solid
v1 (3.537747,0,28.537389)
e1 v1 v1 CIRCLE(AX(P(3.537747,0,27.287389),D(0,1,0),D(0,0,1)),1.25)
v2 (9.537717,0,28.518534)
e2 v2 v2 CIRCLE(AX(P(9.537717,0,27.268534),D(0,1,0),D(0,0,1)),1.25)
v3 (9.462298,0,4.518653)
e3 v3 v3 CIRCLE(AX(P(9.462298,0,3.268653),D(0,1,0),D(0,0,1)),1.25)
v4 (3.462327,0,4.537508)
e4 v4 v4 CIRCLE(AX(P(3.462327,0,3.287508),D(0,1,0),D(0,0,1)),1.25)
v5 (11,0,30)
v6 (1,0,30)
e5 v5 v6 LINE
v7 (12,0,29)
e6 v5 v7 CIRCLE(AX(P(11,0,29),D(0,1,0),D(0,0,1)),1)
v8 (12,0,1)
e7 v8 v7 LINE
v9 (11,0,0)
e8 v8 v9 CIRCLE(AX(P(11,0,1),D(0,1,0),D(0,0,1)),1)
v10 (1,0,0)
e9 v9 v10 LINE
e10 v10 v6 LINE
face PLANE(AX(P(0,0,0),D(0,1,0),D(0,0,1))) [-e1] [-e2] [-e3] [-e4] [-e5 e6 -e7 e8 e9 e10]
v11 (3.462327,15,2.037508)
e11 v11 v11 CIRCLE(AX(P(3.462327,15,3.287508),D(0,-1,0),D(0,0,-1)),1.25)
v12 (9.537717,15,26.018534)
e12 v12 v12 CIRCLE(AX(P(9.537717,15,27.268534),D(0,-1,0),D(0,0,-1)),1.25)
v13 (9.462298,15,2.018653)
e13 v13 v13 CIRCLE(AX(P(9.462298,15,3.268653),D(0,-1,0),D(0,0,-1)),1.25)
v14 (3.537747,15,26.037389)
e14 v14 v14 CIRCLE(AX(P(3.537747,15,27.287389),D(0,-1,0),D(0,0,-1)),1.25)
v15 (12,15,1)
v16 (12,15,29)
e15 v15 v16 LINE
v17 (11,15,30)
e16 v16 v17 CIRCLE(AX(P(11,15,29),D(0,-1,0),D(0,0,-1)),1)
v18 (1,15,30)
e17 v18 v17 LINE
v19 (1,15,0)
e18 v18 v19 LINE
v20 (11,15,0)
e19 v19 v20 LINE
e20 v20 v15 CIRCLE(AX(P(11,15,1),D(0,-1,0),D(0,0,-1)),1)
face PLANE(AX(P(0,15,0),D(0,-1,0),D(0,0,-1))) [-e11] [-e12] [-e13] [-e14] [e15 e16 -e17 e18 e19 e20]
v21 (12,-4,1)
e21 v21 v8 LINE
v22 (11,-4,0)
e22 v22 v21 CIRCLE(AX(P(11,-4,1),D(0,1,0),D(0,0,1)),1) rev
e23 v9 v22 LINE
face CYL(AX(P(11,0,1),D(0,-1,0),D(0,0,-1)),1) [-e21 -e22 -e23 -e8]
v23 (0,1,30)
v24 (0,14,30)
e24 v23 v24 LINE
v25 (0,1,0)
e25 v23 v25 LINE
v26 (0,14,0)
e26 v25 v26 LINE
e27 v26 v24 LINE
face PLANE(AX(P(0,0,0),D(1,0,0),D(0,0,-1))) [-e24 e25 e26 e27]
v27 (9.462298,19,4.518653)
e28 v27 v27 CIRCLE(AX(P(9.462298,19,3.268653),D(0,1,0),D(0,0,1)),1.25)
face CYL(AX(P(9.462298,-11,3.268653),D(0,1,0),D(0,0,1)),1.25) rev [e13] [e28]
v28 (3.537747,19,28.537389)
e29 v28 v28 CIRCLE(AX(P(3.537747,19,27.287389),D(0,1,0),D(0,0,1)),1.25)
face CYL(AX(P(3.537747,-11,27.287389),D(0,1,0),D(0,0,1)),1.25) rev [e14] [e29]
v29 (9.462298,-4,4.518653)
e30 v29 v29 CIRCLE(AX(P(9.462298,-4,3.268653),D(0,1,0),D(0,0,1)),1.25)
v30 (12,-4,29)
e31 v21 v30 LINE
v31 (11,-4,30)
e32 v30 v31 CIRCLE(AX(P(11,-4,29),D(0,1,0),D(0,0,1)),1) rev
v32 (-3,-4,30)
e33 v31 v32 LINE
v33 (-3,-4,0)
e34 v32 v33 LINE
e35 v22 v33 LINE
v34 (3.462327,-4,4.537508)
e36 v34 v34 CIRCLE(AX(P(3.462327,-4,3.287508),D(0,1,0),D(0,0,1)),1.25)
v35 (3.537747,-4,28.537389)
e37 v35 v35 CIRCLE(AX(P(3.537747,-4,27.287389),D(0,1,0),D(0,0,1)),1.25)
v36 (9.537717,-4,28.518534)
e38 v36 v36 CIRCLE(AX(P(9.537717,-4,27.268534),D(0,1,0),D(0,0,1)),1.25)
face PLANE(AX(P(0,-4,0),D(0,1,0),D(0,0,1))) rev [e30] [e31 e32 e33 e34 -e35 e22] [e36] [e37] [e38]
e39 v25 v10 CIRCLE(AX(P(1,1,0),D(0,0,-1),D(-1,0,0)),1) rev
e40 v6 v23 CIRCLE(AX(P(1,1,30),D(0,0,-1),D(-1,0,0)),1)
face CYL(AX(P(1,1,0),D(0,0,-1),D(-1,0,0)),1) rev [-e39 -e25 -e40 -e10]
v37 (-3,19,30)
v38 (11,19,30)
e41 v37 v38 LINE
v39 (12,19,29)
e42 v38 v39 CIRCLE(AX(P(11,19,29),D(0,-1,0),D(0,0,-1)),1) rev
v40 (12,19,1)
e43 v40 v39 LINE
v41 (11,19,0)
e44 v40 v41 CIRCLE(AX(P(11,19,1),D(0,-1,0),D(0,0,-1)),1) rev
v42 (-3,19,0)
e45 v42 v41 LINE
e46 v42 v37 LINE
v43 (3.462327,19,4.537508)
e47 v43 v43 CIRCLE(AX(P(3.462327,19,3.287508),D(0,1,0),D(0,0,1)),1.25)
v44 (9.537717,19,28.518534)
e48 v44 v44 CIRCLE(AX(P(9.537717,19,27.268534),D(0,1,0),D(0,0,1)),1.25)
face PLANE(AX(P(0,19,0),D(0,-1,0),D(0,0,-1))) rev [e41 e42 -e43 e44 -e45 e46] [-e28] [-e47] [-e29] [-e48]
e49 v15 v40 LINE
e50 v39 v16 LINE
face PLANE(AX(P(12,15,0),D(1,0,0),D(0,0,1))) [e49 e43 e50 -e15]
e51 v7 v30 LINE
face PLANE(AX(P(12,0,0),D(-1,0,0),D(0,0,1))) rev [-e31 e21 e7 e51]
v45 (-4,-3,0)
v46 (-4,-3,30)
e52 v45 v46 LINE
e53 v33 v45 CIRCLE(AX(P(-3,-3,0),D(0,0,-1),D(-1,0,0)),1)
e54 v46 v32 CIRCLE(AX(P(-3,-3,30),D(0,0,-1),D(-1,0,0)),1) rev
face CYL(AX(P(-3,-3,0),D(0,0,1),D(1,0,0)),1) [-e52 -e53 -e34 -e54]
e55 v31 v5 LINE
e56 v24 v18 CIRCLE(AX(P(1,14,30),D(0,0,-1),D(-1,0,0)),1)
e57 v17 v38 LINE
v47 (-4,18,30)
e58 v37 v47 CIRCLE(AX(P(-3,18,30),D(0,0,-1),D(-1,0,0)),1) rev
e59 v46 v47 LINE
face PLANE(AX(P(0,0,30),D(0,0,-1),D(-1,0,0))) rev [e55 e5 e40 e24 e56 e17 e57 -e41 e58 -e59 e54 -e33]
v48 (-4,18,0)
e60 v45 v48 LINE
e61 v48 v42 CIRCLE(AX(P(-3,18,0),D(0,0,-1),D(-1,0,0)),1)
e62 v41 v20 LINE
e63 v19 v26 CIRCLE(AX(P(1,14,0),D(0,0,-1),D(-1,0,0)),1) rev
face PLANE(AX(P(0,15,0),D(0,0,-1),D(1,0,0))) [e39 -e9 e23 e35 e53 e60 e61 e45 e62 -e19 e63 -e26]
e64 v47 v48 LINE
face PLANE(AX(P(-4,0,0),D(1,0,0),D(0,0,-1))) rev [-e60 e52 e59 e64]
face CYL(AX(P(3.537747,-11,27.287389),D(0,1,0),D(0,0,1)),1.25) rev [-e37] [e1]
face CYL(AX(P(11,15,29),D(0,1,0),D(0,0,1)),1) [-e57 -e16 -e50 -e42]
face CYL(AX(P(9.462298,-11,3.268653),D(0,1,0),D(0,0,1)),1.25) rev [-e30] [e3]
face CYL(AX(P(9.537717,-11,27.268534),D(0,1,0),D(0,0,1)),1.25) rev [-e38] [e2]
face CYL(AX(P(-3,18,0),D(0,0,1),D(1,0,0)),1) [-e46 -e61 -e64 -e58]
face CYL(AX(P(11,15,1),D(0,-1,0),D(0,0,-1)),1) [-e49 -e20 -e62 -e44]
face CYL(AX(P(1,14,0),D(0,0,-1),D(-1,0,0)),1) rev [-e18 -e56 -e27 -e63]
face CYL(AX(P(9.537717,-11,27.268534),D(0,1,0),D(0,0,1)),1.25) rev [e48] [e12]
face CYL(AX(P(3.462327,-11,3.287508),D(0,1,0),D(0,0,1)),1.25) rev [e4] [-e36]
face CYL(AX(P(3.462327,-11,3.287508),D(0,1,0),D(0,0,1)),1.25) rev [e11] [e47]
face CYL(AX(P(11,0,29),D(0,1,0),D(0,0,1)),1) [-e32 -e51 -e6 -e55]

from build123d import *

# Parameters (mm, degrees)
SHEET_EXTRUDE_1_1_DEPTH = 30
THICKEN_1_T2            = 4
CUT_EXTRUDE_1_DEPTH     = 30
FILLET_1_R              = 1
FILLET_2_R              = 1


with BuildPart() as body_1:
    # Sheet Extrude 1: a surface, the sketch's curves swept straight by 30 mm
    with BuildLine(Plane.XY, mode=Mode.PRIVATE) as sheet_extrude_1_1_path:
        Line((12, 15), (0, 15))
        Line((0, 15), (0, 0))
        Line((0, 0), (12, 0))
    sheet_extrude_1_1 = Shell.extrude(sheet_extrude_1_1_path.wire(), (0 * SHEET_EXTRUDE_1_1_DEPTH, 0 * SHEET_EXTRUDE_1_1_DEPTH, 1 * SHEET_EXTRUDE_1_1_DEPTH))
    add(Solid.thicken(sheet_extrude_1_1, -THICKEN_1_T2))

    # 草图2 → 切除-拉伸1 (cut)
    with BuildSketch(Plane(origin=(0, 19, 0), x_dir=(1, 0, 0), z_dir=(0, 1, 0))):
        with BuildLine():
            ThreePointArc((3.46625552, -4.537501621), (4.712321266, -3.283579711), (3.458399356, -2.037513964))
            ThreePointArc((3.458399356, -2.037513964), (2.21233361, -3.291435874), (3.46625552, -4.537501621))
        make_face()
        with BuildLine():
            ThreePointArc((9.466225894, -4.518646828), (10.712291641, -3.264724918), (9.458369731, -2.018659172))
            ThreePointArc((9.458369731, -2.018659172), (8.212303985, -3.272581082), (9.466225894, -4.518646828))
        make_face()
        with BuildLine():
            ThreePointArc((3.541674691, -28.537383119), (4.787740437, -27.283461209), (3.533818527, -26.037395463))
            ThreePointArc((3.533818527, -26.037395463), (2.287752781, -27.291317373), (3.541674691, -28.537383119))
        make_face()
        with BuildLine():
            ThreePointArc((9.541645066, -28.518528326), (10.787710812, -27.264606416), (9.533788902, -26.01854067))
            ThreePointArc((9.533788902, -26.01854067), (8.287723156, -27.27246258), (9.541645066, -28.518528326))
        make_face()
    extrude(amount=-CUT_EXTRUDE_1_DEPTH, mode=Mode.SUBTRACT)

    # 圆角1
    fillet_1_edges = [body_1.edges().sort_by_distance(p)[0] for p in [
        (12, -2, 30),
        (12, 17, 30),
        (12, 17, 0),
        (12, -2, 0),
        (0, 15, 15),
        (0, 0, 15),
    ]]
    fillet(fillet_1_edges, radius=FILLET_1_R)

    # 圆角2
    fillet_2_edges = [body_1.edges().sort_by_distance(p)[0] for p in [
        (-4, -4, 15),
        (-4, 19, 15),
    ]]
    fillet(fillet_2_edges, radius=FILLET_2_R)


solid = body_1.part
